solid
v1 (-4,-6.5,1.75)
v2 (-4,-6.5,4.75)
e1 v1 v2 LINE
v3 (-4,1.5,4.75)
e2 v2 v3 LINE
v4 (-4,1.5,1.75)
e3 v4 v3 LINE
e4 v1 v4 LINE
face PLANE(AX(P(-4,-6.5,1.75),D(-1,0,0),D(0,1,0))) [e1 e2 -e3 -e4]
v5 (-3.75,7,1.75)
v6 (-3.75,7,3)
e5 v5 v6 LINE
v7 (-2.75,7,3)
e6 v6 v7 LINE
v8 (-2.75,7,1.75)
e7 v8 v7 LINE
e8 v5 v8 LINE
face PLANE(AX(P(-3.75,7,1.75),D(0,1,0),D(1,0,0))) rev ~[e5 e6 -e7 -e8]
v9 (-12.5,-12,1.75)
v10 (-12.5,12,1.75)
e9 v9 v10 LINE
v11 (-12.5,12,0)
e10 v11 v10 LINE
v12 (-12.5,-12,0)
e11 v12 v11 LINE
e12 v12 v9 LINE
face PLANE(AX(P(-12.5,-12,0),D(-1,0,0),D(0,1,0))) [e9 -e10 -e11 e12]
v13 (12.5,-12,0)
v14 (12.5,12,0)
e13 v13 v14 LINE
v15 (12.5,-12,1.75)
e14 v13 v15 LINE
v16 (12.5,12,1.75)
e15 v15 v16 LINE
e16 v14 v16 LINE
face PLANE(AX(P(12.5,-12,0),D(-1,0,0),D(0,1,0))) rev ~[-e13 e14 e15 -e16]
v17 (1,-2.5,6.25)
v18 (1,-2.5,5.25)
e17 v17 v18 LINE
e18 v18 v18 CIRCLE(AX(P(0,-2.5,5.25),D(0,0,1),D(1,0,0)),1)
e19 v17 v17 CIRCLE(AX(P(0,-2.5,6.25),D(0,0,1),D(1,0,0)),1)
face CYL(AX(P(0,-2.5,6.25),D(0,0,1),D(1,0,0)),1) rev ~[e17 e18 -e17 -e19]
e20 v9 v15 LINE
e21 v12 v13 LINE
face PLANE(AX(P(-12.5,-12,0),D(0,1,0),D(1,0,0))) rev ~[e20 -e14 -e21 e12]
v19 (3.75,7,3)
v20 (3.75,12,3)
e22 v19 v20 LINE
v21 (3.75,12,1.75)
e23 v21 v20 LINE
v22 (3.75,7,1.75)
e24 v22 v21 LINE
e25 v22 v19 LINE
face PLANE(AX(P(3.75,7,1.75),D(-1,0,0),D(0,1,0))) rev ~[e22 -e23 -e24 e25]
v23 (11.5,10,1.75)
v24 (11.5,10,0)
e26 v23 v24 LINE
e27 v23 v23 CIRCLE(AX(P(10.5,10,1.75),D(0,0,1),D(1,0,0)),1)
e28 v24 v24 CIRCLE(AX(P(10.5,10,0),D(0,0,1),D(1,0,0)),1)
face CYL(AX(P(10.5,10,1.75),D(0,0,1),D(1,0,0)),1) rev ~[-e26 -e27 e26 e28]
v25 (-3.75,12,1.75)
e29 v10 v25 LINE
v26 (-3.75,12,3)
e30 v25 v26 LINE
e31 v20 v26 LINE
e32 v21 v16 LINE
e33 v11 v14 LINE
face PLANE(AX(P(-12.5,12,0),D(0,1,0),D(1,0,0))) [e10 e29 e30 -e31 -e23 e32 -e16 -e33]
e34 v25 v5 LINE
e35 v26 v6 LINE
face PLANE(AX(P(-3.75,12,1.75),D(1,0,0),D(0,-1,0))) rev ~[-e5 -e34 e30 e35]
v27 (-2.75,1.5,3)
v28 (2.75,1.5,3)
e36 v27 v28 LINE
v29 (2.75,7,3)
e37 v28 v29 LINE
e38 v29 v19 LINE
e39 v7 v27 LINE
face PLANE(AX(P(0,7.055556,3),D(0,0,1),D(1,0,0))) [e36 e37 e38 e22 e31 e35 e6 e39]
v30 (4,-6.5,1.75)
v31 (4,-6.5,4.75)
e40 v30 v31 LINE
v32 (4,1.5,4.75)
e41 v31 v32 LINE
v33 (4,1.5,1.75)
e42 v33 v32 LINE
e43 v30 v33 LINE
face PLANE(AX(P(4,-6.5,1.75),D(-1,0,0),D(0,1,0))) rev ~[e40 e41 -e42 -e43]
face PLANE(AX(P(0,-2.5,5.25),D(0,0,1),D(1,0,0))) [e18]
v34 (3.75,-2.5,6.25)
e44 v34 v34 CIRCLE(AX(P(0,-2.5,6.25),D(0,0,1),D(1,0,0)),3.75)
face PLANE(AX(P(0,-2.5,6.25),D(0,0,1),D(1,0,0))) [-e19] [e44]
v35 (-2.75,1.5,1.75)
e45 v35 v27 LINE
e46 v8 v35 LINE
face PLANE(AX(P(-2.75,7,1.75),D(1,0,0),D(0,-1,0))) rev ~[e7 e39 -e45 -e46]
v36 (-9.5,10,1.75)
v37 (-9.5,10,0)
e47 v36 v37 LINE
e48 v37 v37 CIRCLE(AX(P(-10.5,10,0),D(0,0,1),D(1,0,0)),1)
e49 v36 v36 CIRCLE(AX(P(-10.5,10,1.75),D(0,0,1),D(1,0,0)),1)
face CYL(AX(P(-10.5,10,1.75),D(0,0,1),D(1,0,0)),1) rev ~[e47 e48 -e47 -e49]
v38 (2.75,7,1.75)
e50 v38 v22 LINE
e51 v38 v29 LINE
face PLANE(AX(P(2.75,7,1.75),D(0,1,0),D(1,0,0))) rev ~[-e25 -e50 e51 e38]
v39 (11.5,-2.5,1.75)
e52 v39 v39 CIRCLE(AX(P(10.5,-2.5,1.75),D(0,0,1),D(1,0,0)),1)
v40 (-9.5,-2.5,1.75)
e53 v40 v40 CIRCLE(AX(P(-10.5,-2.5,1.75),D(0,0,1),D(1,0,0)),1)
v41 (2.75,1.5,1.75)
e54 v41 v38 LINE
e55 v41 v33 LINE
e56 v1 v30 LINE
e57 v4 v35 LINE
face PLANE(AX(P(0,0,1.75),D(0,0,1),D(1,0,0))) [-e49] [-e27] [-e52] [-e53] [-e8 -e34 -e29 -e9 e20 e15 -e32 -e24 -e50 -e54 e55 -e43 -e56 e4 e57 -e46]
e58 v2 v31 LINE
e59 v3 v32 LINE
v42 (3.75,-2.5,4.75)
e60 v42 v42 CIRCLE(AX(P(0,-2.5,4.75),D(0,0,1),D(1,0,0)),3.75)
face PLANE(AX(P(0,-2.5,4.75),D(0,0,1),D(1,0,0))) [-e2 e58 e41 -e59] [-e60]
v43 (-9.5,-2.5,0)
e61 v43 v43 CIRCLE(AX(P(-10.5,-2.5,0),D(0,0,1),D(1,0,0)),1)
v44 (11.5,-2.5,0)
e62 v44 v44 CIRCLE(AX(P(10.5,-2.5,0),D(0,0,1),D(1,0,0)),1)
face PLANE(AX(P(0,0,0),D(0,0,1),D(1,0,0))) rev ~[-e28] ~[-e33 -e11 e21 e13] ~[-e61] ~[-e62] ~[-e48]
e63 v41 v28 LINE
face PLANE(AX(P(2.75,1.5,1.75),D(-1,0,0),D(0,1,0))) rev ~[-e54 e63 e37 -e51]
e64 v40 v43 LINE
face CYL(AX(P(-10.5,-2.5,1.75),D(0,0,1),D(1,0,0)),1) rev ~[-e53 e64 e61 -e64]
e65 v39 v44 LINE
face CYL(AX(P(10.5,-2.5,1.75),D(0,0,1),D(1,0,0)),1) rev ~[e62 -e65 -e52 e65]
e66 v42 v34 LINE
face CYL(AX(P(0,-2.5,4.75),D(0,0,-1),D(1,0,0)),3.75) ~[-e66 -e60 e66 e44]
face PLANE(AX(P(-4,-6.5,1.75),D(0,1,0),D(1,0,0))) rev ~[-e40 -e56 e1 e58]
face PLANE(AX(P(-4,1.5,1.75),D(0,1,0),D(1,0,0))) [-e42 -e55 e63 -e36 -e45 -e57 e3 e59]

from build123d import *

# Parameters (mm, degrees)
SKETCH_W        = 25
SKETCH_H        = 24
PAD_DEPTH       = 1.75
SKETCH001_R     = 1
POCKET_DEPTH    = 1.75
SKETCH002_W     = 8
SKETCH002_H     = 8
PAD001_DEPTH    = 3
SKETCH003_R     = 3.75
PAD002_DEPTH    = 1.5
SKETCH004_R     = 1
POCKET001_DEPTH = 1
PAD003_DEPTH    = 1.25


with BuildPart() as part:
    # Sketch → Pad (new body)
    with BuildSketch(Plane.XY):
        Rectangle(SKETCH_W, SKETCH_H)
    extrude(amount=PAD_DEPTH)

    # Sketch001 (on Face6 of Pad) → Pocket (cut)
    with BuildSketch(Plane.XY.offset(1.75)):
        with Locations((-10.5, 10)):
            Circle(SKETCH001_R)
        with Locations((10.5, 10)):
            Circle(SKETCH001_R)
        with Locations((-10.5, -2.5)):
            Circle(SKETCH001_R)
        with Locations((10.5, -2.5)):
            Circle(SKETCH001_R)
    extrude(amount=-POCKET_DEPTH, mode=Mode.SUBTRACT)

    # Sketch002 (on Face5 of Pocket) → Pad001 (join)
    with BuildSketch(Plane.XY.offset(1.75)):
        with Locations((0, -2.5)):
            Rectangle(SKETCH002_W, SKETCH002_H)
    extrude(amount=PAD001_DEPTH)

    # Sketch003 (on Face15 of Pad001) → Pad002 (join)
    with BuildSketch(Plane.XY.offset(4.75)):
        with Locations((0, -2.5)):
            Circle(SKETCH003_R)
    extrude(amount=PAD002_DEPTH)

    # Sketch004 (on Face17 of Pad002) → Pocket001 (cut)
    with BuildSketch(Plane.XY.offset(6.25)):
        with Locations((0, -2.5)):
            Circle(SKETCH004_R)
    extrude(amount=-POCKET001_DEPTH, mode=Mode.SUBTRACT)

    # Sketch005 (on Face5 of Pocket001) → Pad003 (join)
    with BuildSketch(Plane.XY.offset(1.75)):
        Polygon((-3.75, 12), (-3.75, 7), (-2.75, 7), (-2.75, 1.5), (2.75, 1.5), (2.75, 7), (3.75, 7), (3.75, 12), align=None)
    extrude(amount=PAD003_DEPTH)


solid = part.part
